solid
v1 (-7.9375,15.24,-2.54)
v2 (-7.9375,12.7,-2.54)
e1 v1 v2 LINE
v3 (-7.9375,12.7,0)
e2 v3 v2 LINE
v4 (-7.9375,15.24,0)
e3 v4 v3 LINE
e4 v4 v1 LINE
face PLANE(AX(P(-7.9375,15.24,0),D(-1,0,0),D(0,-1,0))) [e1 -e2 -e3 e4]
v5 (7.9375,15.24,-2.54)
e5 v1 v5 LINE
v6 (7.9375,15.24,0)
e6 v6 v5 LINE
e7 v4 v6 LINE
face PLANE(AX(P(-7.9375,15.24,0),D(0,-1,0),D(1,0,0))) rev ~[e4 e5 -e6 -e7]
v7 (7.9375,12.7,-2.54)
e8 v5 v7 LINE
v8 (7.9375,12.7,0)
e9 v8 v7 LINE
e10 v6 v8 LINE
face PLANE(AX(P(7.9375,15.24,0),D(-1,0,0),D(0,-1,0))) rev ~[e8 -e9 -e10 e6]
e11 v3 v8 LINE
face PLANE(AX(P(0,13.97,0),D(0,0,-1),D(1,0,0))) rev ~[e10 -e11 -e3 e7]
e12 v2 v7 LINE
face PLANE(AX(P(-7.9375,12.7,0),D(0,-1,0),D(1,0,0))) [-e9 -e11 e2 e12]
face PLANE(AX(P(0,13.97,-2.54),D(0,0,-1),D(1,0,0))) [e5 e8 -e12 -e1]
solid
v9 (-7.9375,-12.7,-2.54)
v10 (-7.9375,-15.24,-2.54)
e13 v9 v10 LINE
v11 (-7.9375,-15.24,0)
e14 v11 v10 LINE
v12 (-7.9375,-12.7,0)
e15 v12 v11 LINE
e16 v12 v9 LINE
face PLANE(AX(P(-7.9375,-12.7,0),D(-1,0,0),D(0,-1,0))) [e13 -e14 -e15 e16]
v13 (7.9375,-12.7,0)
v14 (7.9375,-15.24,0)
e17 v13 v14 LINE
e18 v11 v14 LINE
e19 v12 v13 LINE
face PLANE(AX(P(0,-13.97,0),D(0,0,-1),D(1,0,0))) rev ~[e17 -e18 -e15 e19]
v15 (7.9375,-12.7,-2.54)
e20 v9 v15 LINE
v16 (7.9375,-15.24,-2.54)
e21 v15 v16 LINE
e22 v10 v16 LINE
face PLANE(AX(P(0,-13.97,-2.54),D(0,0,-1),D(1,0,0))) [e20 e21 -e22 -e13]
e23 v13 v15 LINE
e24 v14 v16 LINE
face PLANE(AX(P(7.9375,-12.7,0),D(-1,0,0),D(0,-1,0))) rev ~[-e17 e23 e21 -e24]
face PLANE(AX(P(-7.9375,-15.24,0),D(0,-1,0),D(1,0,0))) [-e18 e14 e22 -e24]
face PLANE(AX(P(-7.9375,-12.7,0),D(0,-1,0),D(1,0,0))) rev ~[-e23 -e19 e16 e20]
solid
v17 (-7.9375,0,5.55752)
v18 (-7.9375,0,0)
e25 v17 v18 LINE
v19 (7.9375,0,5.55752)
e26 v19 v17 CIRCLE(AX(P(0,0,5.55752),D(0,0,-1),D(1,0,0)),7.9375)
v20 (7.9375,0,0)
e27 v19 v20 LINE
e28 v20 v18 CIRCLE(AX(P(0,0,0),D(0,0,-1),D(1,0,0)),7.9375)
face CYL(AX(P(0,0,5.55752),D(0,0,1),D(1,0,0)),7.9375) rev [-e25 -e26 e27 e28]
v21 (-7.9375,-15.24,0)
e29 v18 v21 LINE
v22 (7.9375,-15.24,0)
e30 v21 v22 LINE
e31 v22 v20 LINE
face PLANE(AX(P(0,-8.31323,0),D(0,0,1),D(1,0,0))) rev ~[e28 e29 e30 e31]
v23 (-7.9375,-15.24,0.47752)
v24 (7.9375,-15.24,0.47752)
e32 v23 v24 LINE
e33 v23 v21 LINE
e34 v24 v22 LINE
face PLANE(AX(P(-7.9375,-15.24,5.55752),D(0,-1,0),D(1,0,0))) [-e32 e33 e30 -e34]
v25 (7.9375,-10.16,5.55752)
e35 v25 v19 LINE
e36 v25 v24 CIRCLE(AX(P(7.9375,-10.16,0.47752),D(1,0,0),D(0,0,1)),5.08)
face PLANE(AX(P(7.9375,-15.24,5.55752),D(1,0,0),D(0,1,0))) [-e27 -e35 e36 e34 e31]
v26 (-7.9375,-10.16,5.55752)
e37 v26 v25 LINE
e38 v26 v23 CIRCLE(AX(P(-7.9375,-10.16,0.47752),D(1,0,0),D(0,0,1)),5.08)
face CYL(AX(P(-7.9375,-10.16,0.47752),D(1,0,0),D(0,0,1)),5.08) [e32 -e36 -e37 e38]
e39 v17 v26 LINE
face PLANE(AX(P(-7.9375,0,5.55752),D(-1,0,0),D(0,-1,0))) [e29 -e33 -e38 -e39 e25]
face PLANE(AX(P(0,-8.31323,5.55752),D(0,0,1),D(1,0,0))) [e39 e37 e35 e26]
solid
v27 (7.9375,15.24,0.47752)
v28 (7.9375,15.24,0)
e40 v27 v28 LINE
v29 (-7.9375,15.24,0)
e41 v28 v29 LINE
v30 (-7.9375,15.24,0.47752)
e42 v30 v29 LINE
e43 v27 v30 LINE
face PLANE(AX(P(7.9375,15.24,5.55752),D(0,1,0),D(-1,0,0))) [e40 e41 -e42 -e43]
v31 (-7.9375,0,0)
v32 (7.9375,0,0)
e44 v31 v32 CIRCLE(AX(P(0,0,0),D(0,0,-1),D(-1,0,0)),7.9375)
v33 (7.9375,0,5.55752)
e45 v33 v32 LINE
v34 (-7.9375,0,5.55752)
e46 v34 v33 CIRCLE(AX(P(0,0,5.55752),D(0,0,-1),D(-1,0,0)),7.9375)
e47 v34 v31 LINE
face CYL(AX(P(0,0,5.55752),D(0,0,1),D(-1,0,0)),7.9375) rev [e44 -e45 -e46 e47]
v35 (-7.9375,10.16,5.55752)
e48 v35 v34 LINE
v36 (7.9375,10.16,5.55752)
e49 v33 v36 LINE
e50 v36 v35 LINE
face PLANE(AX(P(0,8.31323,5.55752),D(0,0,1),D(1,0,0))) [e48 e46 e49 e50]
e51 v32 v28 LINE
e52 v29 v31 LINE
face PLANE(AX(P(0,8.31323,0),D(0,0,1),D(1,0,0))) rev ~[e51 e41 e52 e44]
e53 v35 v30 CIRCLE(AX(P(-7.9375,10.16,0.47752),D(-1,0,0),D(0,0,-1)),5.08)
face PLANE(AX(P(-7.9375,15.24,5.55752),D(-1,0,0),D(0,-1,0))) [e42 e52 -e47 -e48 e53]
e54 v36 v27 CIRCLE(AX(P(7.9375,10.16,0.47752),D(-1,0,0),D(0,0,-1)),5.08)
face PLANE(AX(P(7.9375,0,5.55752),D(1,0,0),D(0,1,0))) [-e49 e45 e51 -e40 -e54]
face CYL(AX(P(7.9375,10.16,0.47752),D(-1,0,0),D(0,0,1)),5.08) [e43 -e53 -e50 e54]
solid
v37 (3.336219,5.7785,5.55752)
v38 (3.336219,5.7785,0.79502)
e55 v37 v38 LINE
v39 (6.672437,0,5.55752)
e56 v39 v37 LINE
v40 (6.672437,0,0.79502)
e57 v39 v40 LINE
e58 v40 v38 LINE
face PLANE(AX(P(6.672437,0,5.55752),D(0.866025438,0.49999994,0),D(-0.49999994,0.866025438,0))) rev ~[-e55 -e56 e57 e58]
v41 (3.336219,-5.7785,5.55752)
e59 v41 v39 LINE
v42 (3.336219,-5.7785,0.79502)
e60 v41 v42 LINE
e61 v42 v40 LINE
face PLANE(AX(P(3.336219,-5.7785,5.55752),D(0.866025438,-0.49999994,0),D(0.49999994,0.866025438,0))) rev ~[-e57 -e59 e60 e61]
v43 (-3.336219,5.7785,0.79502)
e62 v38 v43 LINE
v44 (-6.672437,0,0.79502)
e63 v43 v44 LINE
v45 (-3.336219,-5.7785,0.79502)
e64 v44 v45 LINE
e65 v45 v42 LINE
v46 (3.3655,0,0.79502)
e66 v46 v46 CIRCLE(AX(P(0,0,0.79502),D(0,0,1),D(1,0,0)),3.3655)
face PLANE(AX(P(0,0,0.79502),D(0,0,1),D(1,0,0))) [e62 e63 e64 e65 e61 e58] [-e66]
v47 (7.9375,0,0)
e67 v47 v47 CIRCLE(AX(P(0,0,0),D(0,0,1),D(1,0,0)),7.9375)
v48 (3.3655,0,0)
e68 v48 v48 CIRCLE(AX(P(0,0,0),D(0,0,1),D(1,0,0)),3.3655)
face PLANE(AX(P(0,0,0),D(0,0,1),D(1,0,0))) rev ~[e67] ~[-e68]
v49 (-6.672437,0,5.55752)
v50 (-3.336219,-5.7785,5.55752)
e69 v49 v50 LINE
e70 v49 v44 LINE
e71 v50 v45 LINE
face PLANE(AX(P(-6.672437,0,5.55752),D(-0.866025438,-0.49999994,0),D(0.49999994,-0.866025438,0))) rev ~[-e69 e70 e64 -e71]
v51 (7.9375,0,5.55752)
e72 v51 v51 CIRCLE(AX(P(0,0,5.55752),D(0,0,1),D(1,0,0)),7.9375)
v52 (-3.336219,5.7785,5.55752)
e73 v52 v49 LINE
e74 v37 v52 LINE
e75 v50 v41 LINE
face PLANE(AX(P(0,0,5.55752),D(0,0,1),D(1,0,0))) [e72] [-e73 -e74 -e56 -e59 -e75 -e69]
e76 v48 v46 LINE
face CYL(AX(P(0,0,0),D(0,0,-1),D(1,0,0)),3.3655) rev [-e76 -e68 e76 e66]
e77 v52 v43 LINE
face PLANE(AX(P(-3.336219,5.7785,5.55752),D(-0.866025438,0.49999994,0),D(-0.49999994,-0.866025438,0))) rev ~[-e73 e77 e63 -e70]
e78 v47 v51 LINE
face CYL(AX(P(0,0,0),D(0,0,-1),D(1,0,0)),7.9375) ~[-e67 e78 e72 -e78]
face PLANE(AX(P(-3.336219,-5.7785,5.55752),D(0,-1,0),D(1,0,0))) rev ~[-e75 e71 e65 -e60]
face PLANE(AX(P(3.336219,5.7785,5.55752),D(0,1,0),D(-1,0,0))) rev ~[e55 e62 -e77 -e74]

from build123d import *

# Parameters (mm, degrees)
F0_R     = 7.9375
F0_R_2   = 3.3655
F1_DEPTH = 5.55752
F2_R     = 3.3655
F3_DEPTH = 4.7625
F5_DEPTH = 5.55752
F6_W     = 15.875
F6_H     = 2.54
F7_W     = 15.875
F7_H     = 2.54
F8_DEPTH = 2.54
F9_R     = 5.08


with BuildPart() as f1:
    # F0 (on Top) → F1 (new body)
    with BuildSketch(Plane.XY):
        Circle(F0_R)
        Circle(F0_R_2, mode=Mode.SUBTRACT)
    extrude(amount=F1_DEPTH)

    # F2 (on face) → F3 (cut)
    with BuildSketch(Plane.XY.offset(5.55752)):
        Polygon((-3.336219, 5.7785), (-6.672437, 0), (-3.336219, -5.7785), (3.336219, -5.7785), (6.672437, 0), (3.336219, 5.7785), align=None)
        Circle(F2_R, mode=Mode.SUBTRACT)
    extrude(amount=-F3_DEPTH, mode=Mode.SUBTRACT)


with BuildPart() as f5:
    # F4 (on face) → F5 (new body)
    with BuildSketch(Plane.XY.offset(5.55752)):
        with BuildLine():
            Line((7.9375, 15.24), (-7.9375, 15.24))
            Line((-7.9375, 15.24), (-7.9375, 0))
            ThreePointArc((-7.9375, 0), (0, 7.9375), (7.9375, 0))
            Line((7.9375, 0), (7.9375, 15.24))
        make_face()
        with BuildLine():
            ThreePointArc((7.9375, 0), (0, -7.9375), (-7.9375, 0))
            Line((-7.9375, 0), (-7.9375, -15.24))
            Line((-7.9375, -15.24), (7.9375, -15.24))
            Line((7.9375, -15.24), (7.9375, 0))
        make_face()
    extrude(amount=-F5_DEPTH)

    # F9
    f9_edges = [f5.edges().sort_by_distance(p)[0] for p in [
        (0, -15.24, 5.55752),
        (0, 15.24, 5.55752),
    ]]
    fillet(f9_edges, radius=F9_R)


with BuildPart() as f8:
    # F6 (on face) + F7 (on face) → F8 (new body)
    with BuildSketch(Plane(origin=(0, 0, 0), x_dir=(1, 0, 0), z_dir=(0, 0, -1))):
        with Locations((0, 13.97)):
            Rectangle(F6_W, F6_H)
    with BuildSketch(Plane(origin=(0, 0, 0), x_dir=(1, 0, 0), z_dir=(0, 0, -1))):
        with Locations((0, -13.97)):
            Rectangle(F7_W, F7_H)
    extrude(amount=F8_DEPTH)


solid = Compound([f1.part, f5.part, f8.part])
